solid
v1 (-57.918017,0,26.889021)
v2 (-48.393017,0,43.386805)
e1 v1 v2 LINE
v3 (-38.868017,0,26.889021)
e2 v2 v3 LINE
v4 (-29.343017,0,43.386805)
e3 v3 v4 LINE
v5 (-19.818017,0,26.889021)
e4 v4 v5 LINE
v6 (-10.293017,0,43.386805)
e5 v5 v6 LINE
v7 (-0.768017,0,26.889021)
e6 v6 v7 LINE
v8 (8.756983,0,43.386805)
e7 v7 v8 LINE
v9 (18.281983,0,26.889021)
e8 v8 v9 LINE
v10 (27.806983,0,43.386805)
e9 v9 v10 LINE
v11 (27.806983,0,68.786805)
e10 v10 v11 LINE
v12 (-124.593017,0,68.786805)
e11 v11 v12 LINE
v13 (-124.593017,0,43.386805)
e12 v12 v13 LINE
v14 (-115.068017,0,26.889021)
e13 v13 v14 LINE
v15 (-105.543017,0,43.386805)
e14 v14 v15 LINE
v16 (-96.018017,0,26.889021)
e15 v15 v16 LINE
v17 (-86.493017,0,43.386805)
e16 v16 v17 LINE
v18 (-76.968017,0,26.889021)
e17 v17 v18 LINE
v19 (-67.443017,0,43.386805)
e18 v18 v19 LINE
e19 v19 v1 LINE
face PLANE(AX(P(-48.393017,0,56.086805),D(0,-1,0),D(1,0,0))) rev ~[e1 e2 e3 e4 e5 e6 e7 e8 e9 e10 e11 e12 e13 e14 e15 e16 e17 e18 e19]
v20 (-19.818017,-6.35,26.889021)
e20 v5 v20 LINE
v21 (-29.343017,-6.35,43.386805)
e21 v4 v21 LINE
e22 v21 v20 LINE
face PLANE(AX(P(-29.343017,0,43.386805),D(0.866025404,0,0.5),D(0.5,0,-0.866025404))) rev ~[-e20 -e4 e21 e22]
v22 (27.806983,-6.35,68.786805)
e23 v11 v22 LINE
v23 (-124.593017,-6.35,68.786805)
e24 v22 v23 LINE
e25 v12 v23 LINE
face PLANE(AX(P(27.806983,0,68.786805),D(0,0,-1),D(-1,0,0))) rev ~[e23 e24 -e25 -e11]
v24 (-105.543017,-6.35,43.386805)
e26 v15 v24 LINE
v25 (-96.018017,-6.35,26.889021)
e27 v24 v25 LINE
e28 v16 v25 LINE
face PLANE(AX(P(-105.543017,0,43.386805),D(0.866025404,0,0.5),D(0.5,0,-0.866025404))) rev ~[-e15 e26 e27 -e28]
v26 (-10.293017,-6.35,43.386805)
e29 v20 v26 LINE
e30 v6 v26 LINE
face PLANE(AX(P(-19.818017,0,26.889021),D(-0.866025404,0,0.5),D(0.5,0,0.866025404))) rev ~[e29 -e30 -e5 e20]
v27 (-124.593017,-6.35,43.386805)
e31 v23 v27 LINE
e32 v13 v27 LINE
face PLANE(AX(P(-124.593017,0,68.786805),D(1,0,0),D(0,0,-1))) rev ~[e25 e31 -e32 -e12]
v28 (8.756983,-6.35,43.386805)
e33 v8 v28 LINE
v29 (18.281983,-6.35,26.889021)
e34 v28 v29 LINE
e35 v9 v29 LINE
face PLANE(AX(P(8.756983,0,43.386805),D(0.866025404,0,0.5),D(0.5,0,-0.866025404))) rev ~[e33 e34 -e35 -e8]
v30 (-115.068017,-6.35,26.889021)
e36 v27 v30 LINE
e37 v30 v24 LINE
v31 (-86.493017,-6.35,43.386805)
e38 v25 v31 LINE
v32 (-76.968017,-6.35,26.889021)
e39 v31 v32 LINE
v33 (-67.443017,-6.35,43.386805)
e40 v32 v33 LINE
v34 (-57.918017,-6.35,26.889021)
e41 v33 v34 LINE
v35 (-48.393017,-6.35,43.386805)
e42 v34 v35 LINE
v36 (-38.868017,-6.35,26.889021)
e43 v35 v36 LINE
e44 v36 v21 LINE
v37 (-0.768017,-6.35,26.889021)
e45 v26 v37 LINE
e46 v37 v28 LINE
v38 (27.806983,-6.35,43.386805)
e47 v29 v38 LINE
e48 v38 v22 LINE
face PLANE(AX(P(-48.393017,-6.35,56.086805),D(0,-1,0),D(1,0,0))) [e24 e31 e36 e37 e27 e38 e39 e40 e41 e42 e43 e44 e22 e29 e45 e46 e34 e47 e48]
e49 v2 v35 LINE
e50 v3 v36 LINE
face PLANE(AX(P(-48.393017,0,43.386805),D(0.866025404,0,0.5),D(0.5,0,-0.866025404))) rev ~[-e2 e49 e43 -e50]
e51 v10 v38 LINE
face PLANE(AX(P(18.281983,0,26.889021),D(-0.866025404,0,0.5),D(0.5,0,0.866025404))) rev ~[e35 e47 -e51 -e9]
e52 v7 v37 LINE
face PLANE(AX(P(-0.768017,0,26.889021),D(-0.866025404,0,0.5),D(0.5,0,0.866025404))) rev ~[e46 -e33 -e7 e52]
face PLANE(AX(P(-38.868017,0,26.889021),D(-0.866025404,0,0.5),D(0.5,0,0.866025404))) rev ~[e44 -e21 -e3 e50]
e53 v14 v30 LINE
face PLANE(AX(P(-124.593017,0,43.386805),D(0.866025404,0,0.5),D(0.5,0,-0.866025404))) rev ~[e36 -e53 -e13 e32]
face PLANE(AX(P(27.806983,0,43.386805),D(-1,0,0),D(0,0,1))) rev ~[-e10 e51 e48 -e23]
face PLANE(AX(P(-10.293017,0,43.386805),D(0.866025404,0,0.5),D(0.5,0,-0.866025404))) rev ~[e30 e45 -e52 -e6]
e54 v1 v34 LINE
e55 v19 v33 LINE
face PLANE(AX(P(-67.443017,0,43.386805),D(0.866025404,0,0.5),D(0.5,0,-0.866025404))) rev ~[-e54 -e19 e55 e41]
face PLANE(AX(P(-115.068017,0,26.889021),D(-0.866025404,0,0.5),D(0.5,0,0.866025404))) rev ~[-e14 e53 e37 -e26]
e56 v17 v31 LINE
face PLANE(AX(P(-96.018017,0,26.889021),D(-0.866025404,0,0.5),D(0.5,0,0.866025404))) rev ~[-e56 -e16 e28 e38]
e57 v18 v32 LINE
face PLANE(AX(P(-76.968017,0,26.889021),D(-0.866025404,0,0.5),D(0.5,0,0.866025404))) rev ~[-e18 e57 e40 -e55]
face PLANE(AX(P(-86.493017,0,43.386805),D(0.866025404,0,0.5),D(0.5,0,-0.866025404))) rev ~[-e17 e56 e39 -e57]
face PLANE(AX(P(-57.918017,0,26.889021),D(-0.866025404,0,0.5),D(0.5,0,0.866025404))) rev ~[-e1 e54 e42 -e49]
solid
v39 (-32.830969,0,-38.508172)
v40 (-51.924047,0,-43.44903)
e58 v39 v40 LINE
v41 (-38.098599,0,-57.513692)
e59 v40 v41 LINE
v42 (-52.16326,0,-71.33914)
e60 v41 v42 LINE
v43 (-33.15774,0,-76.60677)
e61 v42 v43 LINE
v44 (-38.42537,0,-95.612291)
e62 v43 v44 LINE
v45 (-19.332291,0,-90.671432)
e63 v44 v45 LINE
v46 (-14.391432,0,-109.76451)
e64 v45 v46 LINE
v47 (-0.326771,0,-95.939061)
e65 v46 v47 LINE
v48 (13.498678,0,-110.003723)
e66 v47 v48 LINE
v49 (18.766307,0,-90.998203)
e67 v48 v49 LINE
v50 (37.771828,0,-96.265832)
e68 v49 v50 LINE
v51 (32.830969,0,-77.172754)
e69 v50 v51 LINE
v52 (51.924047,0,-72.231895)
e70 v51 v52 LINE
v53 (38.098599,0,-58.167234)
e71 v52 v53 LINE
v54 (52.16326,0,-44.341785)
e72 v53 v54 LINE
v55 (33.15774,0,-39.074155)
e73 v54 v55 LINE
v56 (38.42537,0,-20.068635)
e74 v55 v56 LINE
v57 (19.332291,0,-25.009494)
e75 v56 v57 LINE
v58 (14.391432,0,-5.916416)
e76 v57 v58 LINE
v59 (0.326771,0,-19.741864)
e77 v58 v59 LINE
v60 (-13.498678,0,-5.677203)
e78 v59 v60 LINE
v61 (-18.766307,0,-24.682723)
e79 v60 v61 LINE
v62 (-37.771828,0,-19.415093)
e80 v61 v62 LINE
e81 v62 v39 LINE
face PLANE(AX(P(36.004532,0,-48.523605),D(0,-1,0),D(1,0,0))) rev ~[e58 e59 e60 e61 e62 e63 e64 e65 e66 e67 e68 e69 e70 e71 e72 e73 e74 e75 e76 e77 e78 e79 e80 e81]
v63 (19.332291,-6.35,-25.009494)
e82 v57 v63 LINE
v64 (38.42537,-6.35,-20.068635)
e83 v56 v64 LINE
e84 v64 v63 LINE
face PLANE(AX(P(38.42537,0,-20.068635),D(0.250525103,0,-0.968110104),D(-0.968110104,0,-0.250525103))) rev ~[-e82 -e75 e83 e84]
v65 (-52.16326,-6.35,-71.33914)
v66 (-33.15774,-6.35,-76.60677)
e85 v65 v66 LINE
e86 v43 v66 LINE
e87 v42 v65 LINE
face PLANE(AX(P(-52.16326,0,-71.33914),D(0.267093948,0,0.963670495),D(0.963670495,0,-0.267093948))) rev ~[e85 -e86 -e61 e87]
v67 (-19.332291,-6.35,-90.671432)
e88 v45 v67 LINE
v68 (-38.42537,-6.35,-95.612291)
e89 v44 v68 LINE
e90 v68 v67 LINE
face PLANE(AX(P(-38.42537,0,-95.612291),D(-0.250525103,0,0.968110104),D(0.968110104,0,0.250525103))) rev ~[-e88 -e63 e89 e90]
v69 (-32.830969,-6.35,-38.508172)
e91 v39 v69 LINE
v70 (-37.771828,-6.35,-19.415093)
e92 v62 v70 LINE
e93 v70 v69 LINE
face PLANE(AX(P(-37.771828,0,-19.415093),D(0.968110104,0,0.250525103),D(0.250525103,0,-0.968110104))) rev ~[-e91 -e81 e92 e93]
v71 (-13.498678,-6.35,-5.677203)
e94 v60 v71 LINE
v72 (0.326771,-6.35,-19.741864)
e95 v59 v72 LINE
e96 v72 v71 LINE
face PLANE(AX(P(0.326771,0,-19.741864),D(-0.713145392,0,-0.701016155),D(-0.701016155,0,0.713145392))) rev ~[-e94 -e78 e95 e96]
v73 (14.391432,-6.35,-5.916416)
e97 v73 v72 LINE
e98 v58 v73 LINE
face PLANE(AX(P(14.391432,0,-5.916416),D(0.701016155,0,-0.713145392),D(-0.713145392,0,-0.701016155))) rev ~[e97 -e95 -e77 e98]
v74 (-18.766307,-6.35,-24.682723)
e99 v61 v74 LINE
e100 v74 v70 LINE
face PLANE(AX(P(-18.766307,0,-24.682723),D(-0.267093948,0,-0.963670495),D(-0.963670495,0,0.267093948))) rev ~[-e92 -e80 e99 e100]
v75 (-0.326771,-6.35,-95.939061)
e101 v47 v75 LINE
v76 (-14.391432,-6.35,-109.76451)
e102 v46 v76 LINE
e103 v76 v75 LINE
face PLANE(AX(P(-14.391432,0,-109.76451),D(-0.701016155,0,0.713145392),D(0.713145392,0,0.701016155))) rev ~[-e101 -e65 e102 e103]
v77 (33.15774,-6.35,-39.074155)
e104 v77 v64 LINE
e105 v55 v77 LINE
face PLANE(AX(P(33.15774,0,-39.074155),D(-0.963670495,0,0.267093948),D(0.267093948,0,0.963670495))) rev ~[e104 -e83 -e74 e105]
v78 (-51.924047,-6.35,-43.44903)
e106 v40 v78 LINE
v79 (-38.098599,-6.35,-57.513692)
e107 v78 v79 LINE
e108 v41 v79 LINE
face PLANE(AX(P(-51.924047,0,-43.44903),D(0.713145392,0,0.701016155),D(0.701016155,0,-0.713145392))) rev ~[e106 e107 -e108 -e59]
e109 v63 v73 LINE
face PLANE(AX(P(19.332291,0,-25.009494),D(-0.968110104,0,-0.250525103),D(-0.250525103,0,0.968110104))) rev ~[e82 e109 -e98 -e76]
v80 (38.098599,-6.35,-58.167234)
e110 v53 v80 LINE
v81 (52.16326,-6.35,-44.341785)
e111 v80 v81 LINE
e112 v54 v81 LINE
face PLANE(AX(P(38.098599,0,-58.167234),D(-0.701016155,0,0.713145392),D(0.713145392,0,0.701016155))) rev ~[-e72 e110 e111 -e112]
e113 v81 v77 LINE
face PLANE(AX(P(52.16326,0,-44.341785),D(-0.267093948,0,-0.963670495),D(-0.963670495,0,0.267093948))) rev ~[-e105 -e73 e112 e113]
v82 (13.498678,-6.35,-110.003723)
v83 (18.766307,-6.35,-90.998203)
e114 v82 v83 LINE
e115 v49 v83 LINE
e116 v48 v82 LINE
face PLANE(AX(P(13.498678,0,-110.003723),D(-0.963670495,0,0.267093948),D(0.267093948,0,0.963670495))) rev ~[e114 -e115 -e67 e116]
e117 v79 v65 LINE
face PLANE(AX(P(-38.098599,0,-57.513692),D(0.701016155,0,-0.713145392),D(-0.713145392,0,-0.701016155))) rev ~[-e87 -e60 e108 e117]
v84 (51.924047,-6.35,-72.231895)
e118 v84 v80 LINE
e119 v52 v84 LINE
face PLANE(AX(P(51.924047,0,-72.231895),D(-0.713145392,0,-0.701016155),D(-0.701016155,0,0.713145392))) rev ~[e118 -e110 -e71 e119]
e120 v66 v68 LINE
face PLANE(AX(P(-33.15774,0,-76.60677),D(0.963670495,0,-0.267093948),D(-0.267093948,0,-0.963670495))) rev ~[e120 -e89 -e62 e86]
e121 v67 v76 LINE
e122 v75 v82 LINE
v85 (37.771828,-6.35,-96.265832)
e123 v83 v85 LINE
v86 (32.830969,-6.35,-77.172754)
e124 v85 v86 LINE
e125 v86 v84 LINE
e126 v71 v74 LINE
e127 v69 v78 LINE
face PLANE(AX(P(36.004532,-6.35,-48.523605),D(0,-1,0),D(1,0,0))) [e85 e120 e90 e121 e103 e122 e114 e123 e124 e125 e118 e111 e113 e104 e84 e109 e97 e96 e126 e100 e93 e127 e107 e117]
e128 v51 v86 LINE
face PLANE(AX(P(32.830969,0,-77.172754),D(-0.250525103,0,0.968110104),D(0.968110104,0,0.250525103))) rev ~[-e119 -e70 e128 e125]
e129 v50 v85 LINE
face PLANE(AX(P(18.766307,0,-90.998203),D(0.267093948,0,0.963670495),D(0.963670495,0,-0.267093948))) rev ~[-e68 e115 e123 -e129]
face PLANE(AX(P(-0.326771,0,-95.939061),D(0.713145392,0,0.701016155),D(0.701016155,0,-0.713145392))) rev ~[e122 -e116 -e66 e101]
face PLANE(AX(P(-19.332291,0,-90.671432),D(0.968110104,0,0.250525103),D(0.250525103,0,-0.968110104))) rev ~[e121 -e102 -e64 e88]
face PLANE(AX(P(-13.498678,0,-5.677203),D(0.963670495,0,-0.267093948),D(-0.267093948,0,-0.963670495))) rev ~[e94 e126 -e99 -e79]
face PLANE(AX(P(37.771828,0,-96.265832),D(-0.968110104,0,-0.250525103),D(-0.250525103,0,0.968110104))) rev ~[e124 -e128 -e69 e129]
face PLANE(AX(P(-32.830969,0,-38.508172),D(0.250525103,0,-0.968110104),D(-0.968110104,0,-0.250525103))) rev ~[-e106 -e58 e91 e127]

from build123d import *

# Parameters (mm, degrees)
F1_DEPTH = 6.35
F3_DEPTH = 6.35


with BuildPart() as f1:
    # F0 (on Front) → F1 (new body)
    with BuildSketch(Plane.XZ):
        with BuildLine():
            ThreePointArc((38.0985986716, -58.1672337779), (38.0996496663, -58.0038498013), (38.1, -57.84046282))
            ThreePointArc((38.1, -57.84046282), (36.8437232477, -48.1373675795), (33.1577397772, -39.0741554349))
            Line((33.1577397772, -39.0741554349), (38.0985986716, -58.1672337779))
        make_face()
        with BuildLine():
            ThreePointArc((33.1577397772, -39.0741554349), (36.8437232477, -48.1373675795), (38.1, -57.84046282))
            ThreePointArc((38.1, -57.84046282), (38.0996496663, -58.0038498013), (38.0985986716, -58.1672337779))
            Line((38.0985986716, -58.1672337779), (52.1632601058, -44.3417852873))
            Line((52.1632601058, -44.3417852873), (33.1577397772, -39.0741554349))
        make_face()
        with BuildLine():
            Line((19.3322912866, -25.0094940007), (33.1577397772, -39.0741554349))
            ThreePointArc((33.1577397772, -39.0741554349), (27.1708394346, -31.1317473058), (19.3322912866, -25.0094940007))
        make_face()
        Polygon((38.0985986716, -58.1672337779), (33.1577397772, -39.0741554349), (19.3322912866, -25.0094940007), (0.3267709579, -19.7418641484), (-18.7663073851, -24.6827230428), (-32.8309688193, -38.5081715334), (-38.0985986716, -57.5136918621), (-33.1577397772, -76.606770205), (-19.3322912866, -90.6714316392), (-0.3267709579, -95.9390614916), (18.7663073851, -90.9982025971), (32.8309688193, -77.1727541065), align=None)
        with BuildLine():
            ThreePointArc((19.3322912866, -25.0094940007), (27.1708394346, -31.1317473058), (33.1577397772, -39.0741554349))
            Line((33.1577397772, -39.0741554349), (38.4253696295, -20.0686351062))
            Line((38.4253696295, -20.0686351062), (19.3322912866, -25.0094940007))
        make_face()
        with BuildLine():
            Line((51.9240471622, -72.2318952121), (38.0985986716, -58.1672337779))
            ThreePointArc((38.0985986716, -58.1672337779), (36.7158458551, -68.0167422554), (32.8309688193, -77.1727541065))
            Line((32.8309688193, -77.1727541065), (51.9240471622, -72.2318952121))
        make_face()
        with BuildLine():
            ThreePointArc((32.8309688193, -77.1727541065), (36.7158458551, -68.0167422554), (38.0985986716, -58.1672337779))
            Line((38.0985986716, -58.1672337779), (32.8309688193, -77.1727541065))
        make_face()
        with BuildLine():
            Line((0.3267709579, -19.7418641484), (19.3322912866, -25.0094940007))
            ThreePointArc((19.3322912866, -25.0094940007), (10.1762794354, -21.1246169649), (0.3267709579, -19.7418641484))
        make_face()
        with BuildLine():
            ThreePointArc((0.3267709579, -19.7418641484), (10.1762794354, -21.1246169649), (19.3322912866, -25.0094940007))
            Line((19.3322912866, -25.0094940007), (14.3914323921, -5.9164156578))
            Line((14.3914323921, -5.9164156578), (0.3267709579, -19.7418641484))
        make_face()
        with BuildLine():
            Line((37.7718277137, -96.2658324495), (32.8309688193, -77.1727541065))
            ThreePointArc((32.8309688193, -77.1727541065), (26.7087155142, -85.0113022546), (18.7663073851, -90.9982025971))
            Line((18.7663073851, -90.9982025971), (37.7718277137, -96.2658324495))
        make_face()
        with BuildLine():
            ThreePointArc((18.7663073851, -90.9982025971), (26.7087155142, -85.0113022546), (32.8309688193, -77.1727541065))
            Line((32.8309688193, -77.1727541065), (18.7663073851, -90.9982025971))
        make_face()
        with BuildLine():
            Line((-18.7663073851, -24.6827230428), (0.3267709579, -19.7418641484))
            ThreePointArc((0.3267709579, -19.7418641484), (-9.5450064204, -20.9554678703), (-18.7663073851, -24.6827230428))
        make_face()
        with BuildLine():
            ThreePointArc((-18.7663073851, -24.6827230428), (-9.5450064204, -20.9554678703), (0.3267709579, -19.7418641484))
            Line((0.3267709579, -19.7418641484), (-13.4986775327, -5.6772027141))
            Line((-13.4986775327, -5.6772027141), (-18.7663073851, -24.6827230428))
        make_face()
        with BuildLine():
            Line((13.4986775327, -110.0037229258), (18.7663073851, -90.9982025971))
            ThreePointArc((18.7663073851, -90.9982025971), (9.5450064204, -94.7254577696), (-0.3267709579, -95.9390614916))
            Line((-0.3267709579, -95.9390614916), (13.4986775327, -110.0037229258))
        make_face()
        with BuildLine():
            ThreePointArc((-0.3267709579, -95.9390614916), (9.5450064204, -94.7254577696), (18.7663073851, -90.9982025971))
            Line((18.7663073851, -90.9982025971), (-0.3267709579, -95.9390614916))
        make_face()
        with BuildLine():
            Line((-32.8309688193, -38.5081715334), (-18.7663073851, -24.6827230428))
            ThreePointArc((-18.7663073851, -24.6827230428), (-26.7087155142, -30.6696233853), (-32.8309688193, -38.5081715334))
        make_face()
        with BuildLine():
            ThreePointArc((-32.8309688193, -38.5081715334), (-26.7087155142, -30.6696233853), (-18.7663073851, -24.6827230428))
            Line((-18.7663073851, -24.6827230428), (-37.7718277137, -19.4150931905))
            Line((-37.7718277137, -19.4150931905), (-32.8309688193, -38.5081715334))
        make_face()
        with BuildLine():
            Line((-14.3914323921, -109.7645099822), (-0.3267709579, -95.9390614916))
            ThreePointArc((-0.3267709579, -95.9390614916), (-10.1762794354, -94.556308675), (-19.3322912866, -90.6714316392))
            Line((-19.3322912866, -90.6714316392), (-14.3914323921, -109.7645099822))
        make_face()
        with BuildLine():
            ThreePointArc((-19.3322912866, -90.6714316392), (-10.1762794354, -94.556308675), (-0.3267709579, -95.9390614916))
            Line((-0.3267709579, -95.9390614916), (-19.3322912866, -90.6714316392))
        make_face()
        with BuildLine():
            Line((-38.0985986716, -57.5136918621), (-32.8309688193, -38.5081715334))
            ThreePointArc((-32.8309688193, -38.5081715334), (-36.7158458551, -47.6641833845), (-38.0985986716, -57.5136918621))
        make_face()
        with BuildLine():
            ThreePointArc((-38.0985986716, -57.5136918621), (-36.7158458551, -47.6641833845), (-32.8309688193, -38.5081715334))
            Line((-32.8309688193, -38.5081715334), (-51.9240471622, -43.4490304279))
            Line((-51.9240471622, -43.4490304279), (-38.0985986716, -57.5136918621))
        make_face()
        with BuildLine():
            Line((-38.4253696295, -95.6122905337), (-19.3322912866, -90.6714316392))
            ThreePointArc((-19.3322912866, -90.6714316392), (-27.1708394346, -84.5491783342), (-33.1577397772, -76.606770205))
            Line((-33.1577397772, -76.606770205), (-38.4253696295, -95.6122905337))
        make_face()
        with BuildLine():
            ThreePointArc((-33.1577397772, -76.606770205), (-27.1708394346, -84.5491783342), (-19.3322912866, -90.6714316392))
            Line((-19.3322912866, -90.6714316392), (-33.1577397772, -76.606770205))
        make_face()
        with BuildLine():
            Line((-33.1577397772, -76.606770205), (-38.0985986716, -57.5136918621))
            ThreePointArc((-38.0985986716, -57.5136918621), (-36.8849949496, -67.3854692404), (-33.1577397772, -76.606770205))
        make_face()
        with BuildLine():
            ThreePointArc((-33.1577397772, -76.606770205), (-36.8849949496, -67.3854692404), (-38.0985986716, -57.5136918621))
            Line((-38.0985986716, -57.5136918621), (-52.1632601058, -71.3391403527))
            Line((-52.1632601058, -71.3391403527), (-33.1577397772, -76.606770205))
        make_face()
    extrude(amount=F1_DEPTH)


with BuildPart() as f3:
    # F2 (on Front) → F3 (new body)
    with BuildSketch(Plane.XZ):
        Polygon((27.8069832219, 68.7868047178), (-124.5930167781, 68.7868047178), (-124.5930167781, 43.3868047178), (-105.5430167781, 43.3868047178), (-86.4930167781, 43.3868047178), (-67.4430167781, 43.3868047178), (-48.3930167781, 43.3868047178), (-29.3430167781, 43.3868047178), (-10.2930167781, 43.3868047178), (8.7569832219, 43.3868047178), (27.8069832219, 43.3868047178), align=None)
        Polygon((-105.5430167781, 43.3868047178), (-124.5930167781, 43.3868047178), (-115.0680167781, 26.8890207757), align=None)
        Polygon((18.2819832219, 26.8890207757), (27.8069832219, 43.3868047178), (8.7569832219, 43.3868047178), align=None)
        Polygon((-86.4930167781, 43.3868047178), (-105.5430167781, 43.3868047178), (-96.0180167781, 26.8890207757), align=None)
        Polygon((-0.7680167781, 26.8890207757), (8.7569832219, 43.3868047178), (-10.2930167781, 43.3868047178), align=None)
        Polygon((-67.4430167781, 43.3868047178), (-86.4930167781, 43.3868047178), (-76.9680167781, 26.8890207757), align=None)
        Polygon((-19.8180167781, 26.8890207757), (-10.2930167781, 43.3868047178), (-29.3430167781, 43.3868047178), align=None)
        Polygon((-48.3930167781, 43.3868047178), (-67.4430167781, 43.3868047178), (-57.9180167781, 26.8890207757), align=None)
        Polygon((-38.8680167781, 26.8890207757), (-29.3430167781, 43.3868047178), (-48.3930167781, 43.3868047178), align=None)
    extrude(amount=F3_DEPTH)


solid = Compound([f1.part, f3.part])
